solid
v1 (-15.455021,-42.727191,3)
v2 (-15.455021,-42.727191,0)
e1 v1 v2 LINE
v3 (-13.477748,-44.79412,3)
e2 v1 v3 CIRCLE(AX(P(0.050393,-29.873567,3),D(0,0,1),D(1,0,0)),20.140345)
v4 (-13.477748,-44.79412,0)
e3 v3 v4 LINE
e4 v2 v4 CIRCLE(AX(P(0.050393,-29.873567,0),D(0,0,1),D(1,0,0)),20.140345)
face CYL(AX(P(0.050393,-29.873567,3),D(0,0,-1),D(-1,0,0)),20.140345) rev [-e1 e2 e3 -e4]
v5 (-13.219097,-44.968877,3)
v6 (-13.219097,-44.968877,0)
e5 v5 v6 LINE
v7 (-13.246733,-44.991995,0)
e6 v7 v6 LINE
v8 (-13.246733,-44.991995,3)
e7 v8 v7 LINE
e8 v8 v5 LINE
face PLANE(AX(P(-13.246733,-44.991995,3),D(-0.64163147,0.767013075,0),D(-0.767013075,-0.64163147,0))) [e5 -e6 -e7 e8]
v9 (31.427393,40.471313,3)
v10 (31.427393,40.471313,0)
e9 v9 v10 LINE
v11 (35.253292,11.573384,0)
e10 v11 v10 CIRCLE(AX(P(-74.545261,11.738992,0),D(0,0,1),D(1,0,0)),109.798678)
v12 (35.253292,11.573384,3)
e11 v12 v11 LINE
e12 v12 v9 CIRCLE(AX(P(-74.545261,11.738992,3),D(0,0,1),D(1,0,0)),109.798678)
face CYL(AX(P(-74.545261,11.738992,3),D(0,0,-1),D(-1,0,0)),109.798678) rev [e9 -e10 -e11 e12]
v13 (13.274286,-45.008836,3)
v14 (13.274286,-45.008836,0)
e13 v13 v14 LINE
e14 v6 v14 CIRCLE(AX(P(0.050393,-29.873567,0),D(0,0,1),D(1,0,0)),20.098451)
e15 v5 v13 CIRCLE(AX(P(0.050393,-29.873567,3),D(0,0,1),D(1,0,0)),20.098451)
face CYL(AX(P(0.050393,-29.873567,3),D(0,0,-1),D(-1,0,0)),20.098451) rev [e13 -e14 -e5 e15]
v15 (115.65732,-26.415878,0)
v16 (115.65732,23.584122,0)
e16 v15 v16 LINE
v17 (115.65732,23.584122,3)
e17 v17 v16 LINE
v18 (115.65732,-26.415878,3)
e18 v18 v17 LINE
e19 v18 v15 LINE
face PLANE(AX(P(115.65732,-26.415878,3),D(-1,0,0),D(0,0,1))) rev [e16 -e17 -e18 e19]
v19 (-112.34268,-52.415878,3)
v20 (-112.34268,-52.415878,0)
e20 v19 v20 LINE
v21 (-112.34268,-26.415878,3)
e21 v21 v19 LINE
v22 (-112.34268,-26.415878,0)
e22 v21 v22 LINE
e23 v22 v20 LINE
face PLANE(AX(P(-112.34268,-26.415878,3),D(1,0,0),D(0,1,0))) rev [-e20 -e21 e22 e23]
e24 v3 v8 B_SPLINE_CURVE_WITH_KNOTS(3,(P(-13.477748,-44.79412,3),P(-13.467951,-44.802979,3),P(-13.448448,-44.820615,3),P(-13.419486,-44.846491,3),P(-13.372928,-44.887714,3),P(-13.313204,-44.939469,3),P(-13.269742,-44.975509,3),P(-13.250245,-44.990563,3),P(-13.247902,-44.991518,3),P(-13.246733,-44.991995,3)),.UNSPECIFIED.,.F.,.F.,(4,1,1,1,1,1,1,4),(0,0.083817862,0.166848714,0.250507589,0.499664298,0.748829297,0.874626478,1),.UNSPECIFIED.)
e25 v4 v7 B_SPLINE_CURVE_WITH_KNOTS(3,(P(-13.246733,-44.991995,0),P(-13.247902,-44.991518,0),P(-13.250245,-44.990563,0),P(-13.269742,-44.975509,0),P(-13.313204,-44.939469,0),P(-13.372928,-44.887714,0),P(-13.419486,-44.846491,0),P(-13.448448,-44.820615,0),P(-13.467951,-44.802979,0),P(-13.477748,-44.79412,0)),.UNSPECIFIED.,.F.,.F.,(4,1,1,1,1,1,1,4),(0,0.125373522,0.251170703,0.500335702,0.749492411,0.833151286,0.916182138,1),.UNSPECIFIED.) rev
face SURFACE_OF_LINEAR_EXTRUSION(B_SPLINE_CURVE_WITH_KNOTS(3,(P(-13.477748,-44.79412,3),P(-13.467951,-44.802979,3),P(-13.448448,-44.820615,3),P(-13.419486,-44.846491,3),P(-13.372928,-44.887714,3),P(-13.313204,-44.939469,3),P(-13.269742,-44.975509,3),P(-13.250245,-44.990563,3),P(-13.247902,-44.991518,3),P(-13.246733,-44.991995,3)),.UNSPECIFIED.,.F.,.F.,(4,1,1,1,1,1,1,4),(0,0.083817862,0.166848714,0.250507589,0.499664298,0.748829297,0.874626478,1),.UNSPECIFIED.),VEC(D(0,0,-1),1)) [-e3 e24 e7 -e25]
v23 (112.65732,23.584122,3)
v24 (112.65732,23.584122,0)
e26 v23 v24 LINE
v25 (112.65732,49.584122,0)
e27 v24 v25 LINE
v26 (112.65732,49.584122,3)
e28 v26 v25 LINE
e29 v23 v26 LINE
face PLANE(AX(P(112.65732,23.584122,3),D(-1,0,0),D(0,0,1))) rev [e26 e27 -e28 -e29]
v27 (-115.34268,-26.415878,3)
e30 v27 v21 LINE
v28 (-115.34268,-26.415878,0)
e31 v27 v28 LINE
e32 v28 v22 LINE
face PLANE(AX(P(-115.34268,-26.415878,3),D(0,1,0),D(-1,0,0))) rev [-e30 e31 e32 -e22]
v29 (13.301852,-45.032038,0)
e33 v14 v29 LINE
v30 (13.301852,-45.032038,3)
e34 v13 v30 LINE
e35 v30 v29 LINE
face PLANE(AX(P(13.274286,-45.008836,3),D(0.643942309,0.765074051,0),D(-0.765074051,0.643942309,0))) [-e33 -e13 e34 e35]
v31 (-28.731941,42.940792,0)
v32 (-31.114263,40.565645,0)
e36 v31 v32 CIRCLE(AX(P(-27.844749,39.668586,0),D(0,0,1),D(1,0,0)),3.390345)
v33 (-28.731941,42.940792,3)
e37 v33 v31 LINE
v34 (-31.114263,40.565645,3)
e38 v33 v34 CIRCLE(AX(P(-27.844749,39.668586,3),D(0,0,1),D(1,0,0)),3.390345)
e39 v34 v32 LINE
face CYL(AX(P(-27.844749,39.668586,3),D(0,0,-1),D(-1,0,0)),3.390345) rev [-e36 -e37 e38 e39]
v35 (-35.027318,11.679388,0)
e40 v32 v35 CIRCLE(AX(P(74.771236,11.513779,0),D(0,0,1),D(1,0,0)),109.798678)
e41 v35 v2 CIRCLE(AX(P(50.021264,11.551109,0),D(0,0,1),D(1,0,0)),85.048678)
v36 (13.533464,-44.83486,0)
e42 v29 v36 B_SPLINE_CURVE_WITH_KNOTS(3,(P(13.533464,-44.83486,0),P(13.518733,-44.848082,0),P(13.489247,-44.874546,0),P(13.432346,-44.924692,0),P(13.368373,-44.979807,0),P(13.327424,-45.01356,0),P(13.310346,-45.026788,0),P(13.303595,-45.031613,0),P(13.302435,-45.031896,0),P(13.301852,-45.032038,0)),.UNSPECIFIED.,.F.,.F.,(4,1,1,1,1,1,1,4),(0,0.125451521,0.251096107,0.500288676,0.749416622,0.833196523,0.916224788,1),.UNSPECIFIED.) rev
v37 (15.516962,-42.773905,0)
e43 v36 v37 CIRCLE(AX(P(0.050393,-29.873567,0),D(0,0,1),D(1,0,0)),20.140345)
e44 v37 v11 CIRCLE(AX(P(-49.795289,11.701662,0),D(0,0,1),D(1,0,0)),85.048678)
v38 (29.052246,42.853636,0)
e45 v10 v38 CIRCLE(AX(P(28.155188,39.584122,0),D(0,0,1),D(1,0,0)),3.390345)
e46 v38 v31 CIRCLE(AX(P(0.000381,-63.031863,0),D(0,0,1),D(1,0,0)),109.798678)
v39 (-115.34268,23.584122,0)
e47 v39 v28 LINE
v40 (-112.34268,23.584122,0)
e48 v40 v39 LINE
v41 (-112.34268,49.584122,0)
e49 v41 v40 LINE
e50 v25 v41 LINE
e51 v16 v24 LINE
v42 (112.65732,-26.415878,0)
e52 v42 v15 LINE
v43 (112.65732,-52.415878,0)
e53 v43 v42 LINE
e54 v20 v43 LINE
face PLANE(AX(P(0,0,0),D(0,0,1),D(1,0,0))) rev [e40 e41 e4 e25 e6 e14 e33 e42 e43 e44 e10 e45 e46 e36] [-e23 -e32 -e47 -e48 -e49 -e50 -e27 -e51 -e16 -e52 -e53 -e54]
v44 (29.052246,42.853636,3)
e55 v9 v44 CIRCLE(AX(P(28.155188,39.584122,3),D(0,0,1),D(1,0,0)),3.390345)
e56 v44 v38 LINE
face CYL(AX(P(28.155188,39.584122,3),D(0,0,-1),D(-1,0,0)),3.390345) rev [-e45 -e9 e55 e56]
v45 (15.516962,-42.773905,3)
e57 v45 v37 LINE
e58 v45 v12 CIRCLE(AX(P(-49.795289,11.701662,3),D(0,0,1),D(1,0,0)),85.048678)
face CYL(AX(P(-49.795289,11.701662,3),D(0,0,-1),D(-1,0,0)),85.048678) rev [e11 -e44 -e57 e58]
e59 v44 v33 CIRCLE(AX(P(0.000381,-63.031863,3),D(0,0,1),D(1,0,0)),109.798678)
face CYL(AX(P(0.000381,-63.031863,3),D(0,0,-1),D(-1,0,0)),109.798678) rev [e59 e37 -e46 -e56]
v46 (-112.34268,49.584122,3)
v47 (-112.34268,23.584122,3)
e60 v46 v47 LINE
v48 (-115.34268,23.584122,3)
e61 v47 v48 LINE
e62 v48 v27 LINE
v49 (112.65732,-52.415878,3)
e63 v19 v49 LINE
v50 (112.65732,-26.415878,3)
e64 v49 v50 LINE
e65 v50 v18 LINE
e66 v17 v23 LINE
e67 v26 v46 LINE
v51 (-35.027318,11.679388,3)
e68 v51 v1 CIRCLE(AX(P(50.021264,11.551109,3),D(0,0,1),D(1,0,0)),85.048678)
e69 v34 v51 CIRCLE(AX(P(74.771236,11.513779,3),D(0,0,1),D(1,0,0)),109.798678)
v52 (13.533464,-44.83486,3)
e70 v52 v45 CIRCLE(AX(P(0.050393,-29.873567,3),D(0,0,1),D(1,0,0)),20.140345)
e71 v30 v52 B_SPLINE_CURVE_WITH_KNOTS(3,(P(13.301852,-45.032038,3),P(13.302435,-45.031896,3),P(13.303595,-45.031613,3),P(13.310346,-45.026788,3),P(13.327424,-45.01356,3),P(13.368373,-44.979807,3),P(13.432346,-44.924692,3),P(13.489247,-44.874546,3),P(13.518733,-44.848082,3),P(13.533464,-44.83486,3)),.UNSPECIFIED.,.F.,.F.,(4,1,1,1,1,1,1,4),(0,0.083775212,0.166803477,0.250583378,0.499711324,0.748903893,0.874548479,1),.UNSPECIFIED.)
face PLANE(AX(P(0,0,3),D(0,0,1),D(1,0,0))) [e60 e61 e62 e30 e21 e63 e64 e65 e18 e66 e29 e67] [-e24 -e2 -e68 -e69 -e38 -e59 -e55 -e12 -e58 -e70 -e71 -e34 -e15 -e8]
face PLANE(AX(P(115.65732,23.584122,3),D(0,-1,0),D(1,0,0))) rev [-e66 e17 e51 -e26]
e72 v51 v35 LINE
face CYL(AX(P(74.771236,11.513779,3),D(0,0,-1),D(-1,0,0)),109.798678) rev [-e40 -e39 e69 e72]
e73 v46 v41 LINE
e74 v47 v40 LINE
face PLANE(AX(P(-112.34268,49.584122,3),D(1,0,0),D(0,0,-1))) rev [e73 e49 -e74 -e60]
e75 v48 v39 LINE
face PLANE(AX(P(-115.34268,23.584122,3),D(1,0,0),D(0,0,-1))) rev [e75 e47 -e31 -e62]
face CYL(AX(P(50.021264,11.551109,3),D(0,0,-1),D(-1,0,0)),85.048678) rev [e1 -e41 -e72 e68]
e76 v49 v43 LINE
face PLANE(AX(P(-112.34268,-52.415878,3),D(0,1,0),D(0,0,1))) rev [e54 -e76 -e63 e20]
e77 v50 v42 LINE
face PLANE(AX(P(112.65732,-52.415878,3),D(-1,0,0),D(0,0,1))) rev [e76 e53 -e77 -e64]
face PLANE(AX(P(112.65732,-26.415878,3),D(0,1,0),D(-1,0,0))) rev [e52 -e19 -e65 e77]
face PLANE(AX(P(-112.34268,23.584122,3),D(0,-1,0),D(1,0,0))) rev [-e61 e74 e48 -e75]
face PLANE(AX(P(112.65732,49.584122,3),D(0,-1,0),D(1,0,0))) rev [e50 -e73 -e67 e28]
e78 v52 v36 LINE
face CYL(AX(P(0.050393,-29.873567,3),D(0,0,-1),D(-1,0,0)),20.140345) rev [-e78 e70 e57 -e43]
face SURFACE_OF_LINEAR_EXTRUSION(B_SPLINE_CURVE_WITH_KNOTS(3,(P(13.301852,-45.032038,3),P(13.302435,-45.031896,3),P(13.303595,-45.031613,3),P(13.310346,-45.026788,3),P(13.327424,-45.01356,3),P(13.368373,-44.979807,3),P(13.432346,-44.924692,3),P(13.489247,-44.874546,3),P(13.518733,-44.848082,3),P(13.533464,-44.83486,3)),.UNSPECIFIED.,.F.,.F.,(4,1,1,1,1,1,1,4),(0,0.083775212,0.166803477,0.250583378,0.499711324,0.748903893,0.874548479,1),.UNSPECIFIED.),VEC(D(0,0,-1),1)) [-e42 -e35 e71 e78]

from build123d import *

# Parameters (mm, degrees)
BOSS_EXTRUDE1_DEPTH = 3


with BuildPart() as part:
    # Sketch1 → Boss-Extrude1 (new body)
    with BuildSketch(Plane.XY):
        Polygon((-112.34268018, 49.584121622), (-112.34268018, 23.584121622), (-115.34268018, 23.584121622), (-115.34268018, -26.415878378), (-112.34268018, -26.415878378), (-112.34268018, -52.415878378), (112.65731982, -52.415878378), (112.65731982, -26.415878378), (115.65731982, -26.415878378), (115.65731982, 23.584121622), (112.65731982, 23.584121622), (112.65731982, 49.584121622), align=None)
        with BuildLine():
            Line((13.274286272, -45.008836488), (13.301852176, -45.03203797))
            add(Edge.make_bspline(
                [(13.301852176, -45.03203797), (13.302434824, -45.031895887), (13.303594926, -45.031612989), (13.310345597, -45.026788399), (13.327424294, -45.013559601), (13.368373413, -44.979806794), (13.432345907, -44.924692433), (13.489247142, -44.874546261), (13.518732521, -44.84808225), (13.533463875, -44.834860418)],
                knots=[0, 0, 0, 0, 0.083775212, 0.166803477, 0.250583378, 0.499711324, 0.748903893, 0.874548479, 1, 1, 1, 1], degree=3))
            ThreePointArc((13.533463875, -44.834860418), (14.561847159, -43.83964014), (15.516962395, -42.773905432))
            ThreePointArc((15.516962395, -42.773905432), (30.145326147, -17.328936846), (35.253292189, 11.573383741))
            ThreePointArc((35.253292189, 11.573383741), (34.303607008, 26.14987852), (31.427393187, 40.471313366))
            ThreePointArc((31.427393187, 40.471313366), (30.556136604, 41.977838946), (29.052246095, 42.853636122))
            ThreePointArc((29.052246095, 42.853636122), (0.16598909, 46.766690687), (-28.731940535, 42.940791684))
            ThreePointArc((-28.731940535, 42.940791684), (-30.238466115, 42.069535101), (-31.114263292, 40.565644593))
            ThreePointArc((-31.114263292, 40.565644593), (-34.033665807, 26.252951242), (-35.027317855, 11.679387588))
            ThreePointArc((-35.027317855, 11.679387588), (-30.00656127, -17.238210094), (-15.455020905, -42.727190564))
            ThreePointArc((-15.455020905, -42.727190564), (-14.50312489, -43.795801606), (-13.477748449, -44.794119559))
            add(Edge.make_bspline(
                [(-13.477748449, -44.794119559), (-13.467950877, -44.802979196), (-13.448447729, -44.820615282), (-13.419486181, -44.846490582), (-13.372927905, -44.887713721), (-13.313203528, -44.93946889), (-13.269741808, -44.975508675), (-13.250245048, -44.990563249), (-13.247902102, -44.991518213), (-13.246732606, -44.991994889)],
                knots=[0, 0, 0, 0, 0.083817862, 0.166848714, 0.250507589, 0.499664298, 0.748829297, 0.874626478, 1, 1, 1, 1], degree=3))
            Line((-13.246732606, -44.991994889), (-13.219096838, -44.968876668))
            ThreePointArc((-13.219096838, -44.968876668), (0.020078677, -49.971995234), (13.274286272, -45.008836488))
        make_face(mode=Mode.SUBTRACT)
    extrude(amount=BOSS_EXTRUDE1_DEPTH)


solid = part.part
